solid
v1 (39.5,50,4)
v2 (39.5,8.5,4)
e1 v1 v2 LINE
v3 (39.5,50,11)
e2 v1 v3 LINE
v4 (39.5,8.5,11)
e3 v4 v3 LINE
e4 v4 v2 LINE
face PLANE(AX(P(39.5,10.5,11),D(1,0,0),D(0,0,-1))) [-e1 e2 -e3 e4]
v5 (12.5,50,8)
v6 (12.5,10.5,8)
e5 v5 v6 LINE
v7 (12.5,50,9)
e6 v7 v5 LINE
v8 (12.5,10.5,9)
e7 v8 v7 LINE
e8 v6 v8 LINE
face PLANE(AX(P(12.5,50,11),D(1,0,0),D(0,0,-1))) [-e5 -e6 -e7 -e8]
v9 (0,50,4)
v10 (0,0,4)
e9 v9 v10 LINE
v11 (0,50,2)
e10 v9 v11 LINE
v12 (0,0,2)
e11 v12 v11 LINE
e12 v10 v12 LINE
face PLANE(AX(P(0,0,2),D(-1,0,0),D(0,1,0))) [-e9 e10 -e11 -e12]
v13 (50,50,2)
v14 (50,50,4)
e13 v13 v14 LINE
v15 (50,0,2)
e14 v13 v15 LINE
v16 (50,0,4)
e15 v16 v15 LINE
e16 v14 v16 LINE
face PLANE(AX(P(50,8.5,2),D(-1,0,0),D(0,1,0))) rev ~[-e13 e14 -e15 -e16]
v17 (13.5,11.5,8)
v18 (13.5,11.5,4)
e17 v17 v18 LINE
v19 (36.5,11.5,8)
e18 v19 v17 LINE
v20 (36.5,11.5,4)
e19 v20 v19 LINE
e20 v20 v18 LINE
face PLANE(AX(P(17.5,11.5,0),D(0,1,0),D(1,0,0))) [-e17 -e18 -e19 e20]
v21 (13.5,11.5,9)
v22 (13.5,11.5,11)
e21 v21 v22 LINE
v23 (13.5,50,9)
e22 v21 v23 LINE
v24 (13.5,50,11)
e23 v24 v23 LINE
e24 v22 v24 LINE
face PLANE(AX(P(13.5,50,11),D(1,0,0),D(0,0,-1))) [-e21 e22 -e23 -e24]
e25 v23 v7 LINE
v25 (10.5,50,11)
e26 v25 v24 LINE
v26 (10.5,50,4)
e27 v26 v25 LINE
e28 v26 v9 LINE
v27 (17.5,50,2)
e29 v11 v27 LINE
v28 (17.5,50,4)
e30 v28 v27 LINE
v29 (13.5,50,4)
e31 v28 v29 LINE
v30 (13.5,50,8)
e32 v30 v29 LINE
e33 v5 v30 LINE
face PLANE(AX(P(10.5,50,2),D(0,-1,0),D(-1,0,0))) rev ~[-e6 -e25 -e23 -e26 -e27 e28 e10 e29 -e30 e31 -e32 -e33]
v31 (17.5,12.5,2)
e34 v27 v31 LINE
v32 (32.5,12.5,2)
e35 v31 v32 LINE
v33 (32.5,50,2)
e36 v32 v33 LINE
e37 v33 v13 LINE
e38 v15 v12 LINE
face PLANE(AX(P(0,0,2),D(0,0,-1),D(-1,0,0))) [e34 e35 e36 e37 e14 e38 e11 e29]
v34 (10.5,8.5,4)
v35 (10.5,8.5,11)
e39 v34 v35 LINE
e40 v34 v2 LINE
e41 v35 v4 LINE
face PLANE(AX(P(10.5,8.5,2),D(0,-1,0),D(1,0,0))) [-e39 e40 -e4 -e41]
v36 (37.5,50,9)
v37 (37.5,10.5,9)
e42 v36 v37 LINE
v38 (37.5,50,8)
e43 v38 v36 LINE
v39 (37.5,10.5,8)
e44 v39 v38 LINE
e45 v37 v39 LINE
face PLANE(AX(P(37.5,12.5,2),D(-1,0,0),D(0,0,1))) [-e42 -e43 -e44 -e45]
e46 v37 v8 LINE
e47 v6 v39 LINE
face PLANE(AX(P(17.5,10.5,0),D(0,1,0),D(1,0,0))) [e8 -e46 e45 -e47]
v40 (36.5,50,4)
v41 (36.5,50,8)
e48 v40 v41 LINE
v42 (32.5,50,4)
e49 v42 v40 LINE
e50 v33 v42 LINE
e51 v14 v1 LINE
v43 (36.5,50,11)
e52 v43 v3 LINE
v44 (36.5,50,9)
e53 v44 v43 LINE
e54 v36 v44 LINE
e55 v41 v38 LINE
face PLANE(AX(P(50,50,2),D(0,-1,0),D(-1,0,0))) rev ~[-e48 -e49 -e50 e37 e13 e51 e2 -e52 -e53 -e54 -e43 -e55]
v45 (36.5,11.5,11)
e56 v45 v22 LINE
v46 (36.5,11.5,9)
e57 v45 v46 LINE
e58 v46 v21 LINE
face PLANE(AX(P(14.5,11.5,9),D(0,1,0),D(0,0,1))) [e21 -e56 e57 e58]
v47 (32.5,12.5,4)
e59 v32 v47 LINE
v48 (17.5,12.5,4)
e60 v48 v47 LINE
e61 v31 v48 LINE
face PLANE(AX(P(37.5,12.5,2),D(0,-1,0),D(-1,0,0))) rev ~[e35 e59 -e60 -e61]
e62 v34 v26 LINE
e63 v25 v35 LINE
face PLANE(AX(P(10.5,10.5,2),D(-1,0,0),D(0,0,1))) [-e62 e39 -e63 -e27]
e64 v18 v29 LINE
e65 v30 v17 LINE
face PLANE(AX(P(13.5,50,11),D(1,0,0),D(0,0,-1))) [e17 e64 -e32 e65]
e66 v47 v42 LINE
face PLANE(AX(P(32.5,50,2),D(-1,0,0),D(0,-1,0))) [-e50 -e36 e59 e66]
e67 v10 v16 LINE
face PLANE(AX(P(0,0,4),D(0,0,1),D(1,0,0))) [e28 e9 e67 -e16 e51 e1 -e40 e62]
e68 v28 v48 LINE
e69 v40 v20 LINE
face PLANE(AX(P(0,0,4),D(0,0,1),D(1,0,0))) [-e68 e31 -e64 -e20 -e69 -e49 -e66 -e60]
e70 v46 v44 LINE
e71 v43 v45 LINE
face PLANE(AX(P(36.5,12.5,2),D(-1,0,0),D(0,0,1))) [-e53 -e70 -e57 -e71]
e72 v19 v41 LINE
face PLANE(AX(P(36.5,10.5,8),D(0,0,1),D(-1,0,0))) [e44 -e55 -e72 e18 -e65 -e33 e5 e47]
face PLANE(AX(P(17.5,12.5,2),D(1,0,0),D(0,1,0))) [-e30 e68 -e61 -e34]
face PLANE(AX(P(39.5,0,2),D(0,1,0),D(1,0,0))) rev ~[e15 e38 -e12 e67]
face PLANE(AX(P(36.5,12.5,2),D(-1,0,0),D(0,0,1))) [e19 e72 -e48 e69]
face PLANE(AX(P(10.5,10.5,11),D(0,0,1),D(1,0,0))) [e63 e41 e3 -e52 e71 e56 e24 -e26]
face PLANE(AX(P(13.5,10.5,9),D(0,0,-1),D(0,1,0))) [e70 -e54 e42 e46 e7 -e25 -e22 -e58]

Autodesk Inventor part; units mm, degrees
ref_plane "YZ Plane" through (0, 0, 0) normal (1, 0, 0) x (0, 1, 0)
ref_plane "XZ Plane" through (0, 0, 0) normal (0, 1, 0) x (-1, 0, 0)
ref_plane "XY Plane" through (0, 0, 0) normal (0, 0, 1) x (1, 0, 0)
sketch "Skizze4" plane through (0, 0, 0) normal (0, 0, 1) x (1, 0, 0)
  line L0 (0, 0) -> (50, 0)
  line L1 (50, 0) -> (50, 50)
  line L2 (50, 50) -> (0, 50)
  line L3 (0, 50) -> (0, 0)
  dimension "d5" = 50
  dimension "d6" = 50
extrude "Extrusion1" add sketch "Skizze4" along normal blind 2
sketch "Skizze5" plane through (0, 0, 2) normal (0, 0, 1) x (1, 0, 0)
  line L0 (50, 50) -> (0, 50) projected
  line L1 (17.5, 50) -> (32.5, 50)
  line L2 (32.5, 50) -> (32.5, 12.5)
  line L3 (32.5, 12.5) -> (17.5, 12.5)
  line L4 (17.5, 12.5) -> (17.5, 50)
  point P0 (0, 0)
  dimension "d10" = 15
  dimension "d11" = 37.5
extrude "Extrusion2" cut sketch "Skizze5" against normal blind 2
sketch "Skizze6" plane through (0, 0, 2) normal (0, 0, 1) x (1, 0, 0)
  line L0 (17.5, 50) -> (0, 50) projected
  line L1 (12.5, 50) -> (10.5, 50)
  line L2 (10.5, 50) -> (10.5, 10.5)
  line L3 (10.5, 10.5) -> (12.5, 10.5)
  line L4 (12.5, 12.5) -> (12.5, 50)
  line L5 (10.5, 10.5) -> (39.5, 10.5)
  line L6 (39.5, 10.5) -> (39.5, 12.5)
  line L7 (37.5, 12.5) -> (12.5, 12.5)
  line L8 (10.5, 12.5) -> (10.5, 10.5)
  line L9 (50, 50) -> (32.5, 50) projected
  line L10 (39.5, 10.5) -> (37.5, 10.5)
  line L11 (37.5, 12.5) -> (37.5, 50)
  line L12 (37.5, 50) -> (39.5, 50)
  line L13 (39.5, 50) -> (39.5, 10.5)
  point P0 (0, 0)
  dimension "d14" = 2
  dimension "d15" = 39.5
  dimension "d16" = 29
  dimension "d17" = 2
  dimension "d18" = 2
extrude "Extrusion3" add sketch "Skizze6" along normal blind 9
sketch "Skizze7" plane through (37.5, 12.5, 2) normal (-1, 0, 0) x (0, 0, 1)
  line L0 (0, -12.5) -> (0, 37.5) projected
  line L1 (9, 37.5) -> (0, 37.5)
  line L2 (0, 37.5) -> (0, 0)
  line L3 (0, 0) -> (9, 0)
  line L4 (9, 0) -> (9, 37.5)
  point P0 (-2, -12.5)
  dimension "d21" = 37.5
extrude "Extrusion4" add sketch "Skizze7" along normal blind 2
sketch "Skizze9" plane through (35.5, 12.5, 2) normal (-1, 0, 0) x (0, 0, 1)
  line L0 (9, 0) -> (0, 0) projected
  line L1 (7, 37.5) -> (6, 37.5)
  line L2 (6, 37.5) -> (6, 0)
  line L3 (6, 0) -> (7, 0)
  line L4 (7, 0) -> (7, 37.5)
  point P0 (-2, -12.5)
  dimension "d24" = 1
extrude "Extrusion5" cut sketch "Skizze9" against normal blind 1
sketch "Skizze10" plane through (17.5, 12.5, 0) normal (0, 1, 0) x (1, 0, 0)
  line L0 (18, -2) -> (-5, -2)
  line L1 (-5, -2) -> (-5, -11)
  line L2 (-5, -11) -> (18, -11)
  line L3 (18, -11) -> (18, -2)
  point P0 (-17.5, 0)
extrude "Extrusion6" add sketch "Skizze10" along normal blind 2
sketch "Skizze11" plane through (17.5, 14.5, 0) normal (0, 1, 0) x (1, 0, 0)
  line L0 (-5, -11) -> (-5, -2) projected
  line L1 (19, -9) -> (-5, -9)
  line L2 (-5, -9) -> (-5, -8)
  line L3 (-5, -8) -> (19, -8)
  line L4 (19, -8) -> (19, -9)
  point P0 (-17.5, 0)
extrude "Extrusion7" cut sketch "Skizze11" against normal blind 1
sketch "Skizze12" plane through (36.5, 12.5, 9) normal (0, 1, 0) x (1, 0, 0)
  line L0 (-1, 1) -> (0, 1)
  line L1 (0, 1) -> (0, 0)
  line L2 (0, 0) -> (-1, 0)
  line L3 (-1, 0) -> (-1, 1)
  point P0 (-36.5, 9)
extrude "Extrusion8" add sketch "Skizze12" along normal blind 1
sketch "Skizze13" plane through (12.5, 50, 11) normal (1, 0, 0) x (0, 0, -1)
  line L0 (9, -35.5) -> (9, -37.5) projected
  line L1 (0, 0) -> (9, 0)
  line L2 (9, 0) -> (9, -36.5)
  line L3 (9, -36.5) -> (0, -36.5)
  line L4 (0, -36.5) -> (0, 0)
  point P0 (11, -50)
extrude "Extrusion9" add sketch "Skizze13" along normal blind 2
sketch "Skizze14" plane through (14.5, 50, 11) normal (1, 0, 0) x (0, 0, -1)
  line L0 (9, 0) -> (0, 0) projected
  line L1 (2, 0) -> (3, 0)
  line L2 (3, 0) -> (3, -37.5)
  line L3 (3, -37.5) -> (2, -37.5)
  line L4 (2, -37.5) -> (2, 0)
  point P0 (11, -50)
  dimension "d35" = 1
  dimension "d36" = 37.5
extrude "Extrusion10" cut sketch "Skizze14" against normal blind 1
sketch "Skizze15" plane through (10.5, 10.5, 2) normal (0, -1, 0) x (1, 0, 0)
  line L0 (0, 9) -> (29, 9)
  line L1 (29, 9) -> (29, 0)
  line L2 (29, 0) -> (0, 0)
  line L3 (0, 0) -> (0, 9)
  point P0 (-10.5, -2)
extrude "Extrusion11" add sketch "Skizze15" along normal blind 2
sketch "Skizze16" plane through (17.5, 14.5, 0) normal (0, 1, 0) x (1, 0, 0)
  line L0 (-3, -2) -> (18, -2)
  line L1 (18, -2) -> (18, -8)
  line L2 (18, -8) -> (-3, -8)
  line L3 (-3, -8) -> (-3, -2)
  point P0 (-17.5, 0)
extrude "Extrusion12" cut sketch "Skizze16" against normal blind 4
sketch "Skizze17" plane through (17.5, 13.5, 0) normal (0, 1, 0) x (1, 0, 0)
  line L0 (-3, -8) -> (19, -8)
  line L1 (19, -8) -> (19, -9)
  line L2 (19, -9) -> (-3, -9)
  line L3 (-3, -9) -> (-3, -8)
  point P0 (-17.5, 0)
extrude "Extrusion13" cut sketch "Skizze17" against normal blind 2
sketch "Skizze18" plane through (14.5, 12.5, 9) normal (0, 1, 0) x (1, 0, 0)
  line L0 (0, 1) -> (-1, 1)
  line L1 (-1, 1) -> (-1, 0)
  line L2 (-1, 0) -> (0, 0)
  line L3 (0, 0) -> (0, 1)
  point P0 (-14.5, 9)
extrude "Extrusion14" cut sketch "Skizze18" against normal blind 2
sketch "Skizze19" plane through (17.5, 11.5, 0) normal (0, 1, 0) x (1, 0, 0)
  line L0 (-3, -8) -> (19, -8)
  line L1 (19, -8) -> (19, -9)
  line L2 (19, -9) -> (-3, -9)
  line L3 (-3, -9) -> (-3, -8)
  point P0 (-17.5, 0)
extrude "Extrusion15" cut sketch "Skizze19" against normal blind 1
sketch "Skizze20" plane through (36.5, 12.5, 2) normal (-1, 0, 0) x (0, 0, 1)
  line L0 (6, 37.5) -> (7, 37.5)
  line L1 (7, 37.5) -> (7, -2)
  line L2 (7, -2) -> (6, -2)
  line L3 (6, -2) -> (6, 37.5)
  point P0 (-2, -12.5)
  dimension "d49" = 39.5
extrude "Extrusion16" cut sketch "Skizze20" against normal blind 1
sketch "Skizze21" plane through (35.5, 12.5, 2) normal (-1, 0, 0) x (0, 0, 1)
  line L0 (6, 37.5) -> (6, -2) projected
  line L1 (0, 37.5) -> (6, 37.5)
  line L2 (6, 37.5) -> (6, -1)
  line L3 (6, -1) -> (0, -1)
  line L4 (0, -1) -> (0, 37.5)
  point P0 (-2, -12.5)
  dimension "d52" = 38.5
extrude "Extrusion17" cut sketch "Skizze21" against normal blind 1
sketch "Skizze22" plane through (35.5, 12.5, 2) normal (-1, 0, 0) x (0, 0, 1)
  line L0 (7, 37.5) -> (9, 37.5)
  line L1 (9, 37.5) -> (9, -1)
  line L2 (9, -1) -> (7, -1)
  line L3 (7, -1) -> (7, 37.5)
  point P0 (-2, -12.5)
  dimension "d55" = 38.5
extrude "Extrusion18" cut sketch "Skizze22" against normal blind 1
sketch "Skizze23" plane through (13.5, 50, 11) normal (1, 0, 0) x (0, 0, -1)
  line L0 (2, 0) -> (3, 0)
  line L1 (3, 0) -> (3, -39.5)
  line L2 (3, -39.5) -> (2, -39.5)
  line L3 (2, -39.5) -> (2, 0)
  point P0 (11, -50)
  dimension "d58" = 39.5
extrude "Extrusion19" cut sketch "Skizze23" against normal blind 1
sketch "Skizze24" plane through (14.5, 50, 11) normal (1, 0, 0) x (0, 0, -1)
  line L0 (9, -41.5) -> (9, 0) projected
  line L1 (3, 0) -> (9, 0)
  line L2 (9, 0) -> (9, -38.5)
  line L3 (9, -38.5) -> (3, -38.5)
  line L4 (3, -38.5) -> (3, 0)
  point P0 (11, -50)
  dimension "d62" = 38.5
extrude "Extrusion20" cut sketch "Skizze24" against normal blind 1
sketch "Skizze25" plane through (14.5, 50, 11) normal (1, 0, 0) x (0, 0, -1)
  line L0 (2, -39.5) -> (2, 0) projected
  line L1 (0, 0) -> (2, 0)
  line L2 (2, 0) -> (2, -38.5)
  line L3 (2, -38.5) -> (0, -38.5)
  line L4 (0, -38.5) -> (0, 0)
  point P0 (11, -50)
  dimension "d65" = 38.5
extrude "Extrusion21" cut sketch "Skizze25" against normal blind 1
sketch "Skizze26" plane through (17.5, 14.5, 0) normal (0, 1, 0) x (1, 0, 0)
  line L0 (-3, -11) -> (18, -11)
  line L1 (18, -11) -> (18, -9)
  line L2 (18, -9) -> (-3, -9)
  line L3 (-3, -9) -> (-3, -11)
  point P0 (-17.5, 0)
extrude "Extrusion22" cut sketch "Skizze26" against normal blind 3
sketch "Skizze27" plane through (14.5, 11.5, 8) normal (0, 1, 0) x (1, 0, 0)
  line L0 (0, 0) -> (-1, 0)
  line L1 (-1, 0) -> (-1, 6)
  line L2 (-1, 6) -> (0, 6)
  line L3 (0, 6) -> (0, 0)
  point P0 (-14.5, 8)
extrude "Extrusion23" cut sketch "Skizze27" against normal blind 1
sketch "Skizze28" plane through (35.5, 11.5, 8) normal (0, 1, 0) x (1, 0, 0)
  line L0 (1, 6) -> (0, 6)
  line L1 (0, 6) -> (0, 0)
  line L2 (0, 0) -> (1, 0)
  line L3 (1, 0) -> (1, 6)
  point P0 (-35.5, 8)
extrude "Extrusion24" cut sketch "Skizze28" against normal blind 1
sketch "Skizze29" plane through (17.5, 10.5, 0) normal (0, 1, 0) x (1, 0, 0)
  point P0 (-17.5, 0)
sketch "Skizze30" plane through (17.5, 10.5, 0) normal (0, 1, 0) x (1, 0, 0)
  line L0 (19, -8) -> (-4, -8)
  line L1 (-4, -8) -> (-4, -2)
  line L2 (-4, -2) -> (19, -2)
  line L3 (19, -2) -> (19, -8)
  point P0 (-17.5, 0)
extrude "Extrusion25" add sketch "Skizze30" along normal blind 1
sketch "Skizze31" plane through (0, 0, 0) normal (0, 0, -1) x (-1, 0, 0)
  line L0 (0, 50) -> (-17.5, 50)
  line L1 (-17.5, 50) -> (-17.5, 12.5)
  line L2 (0, 12.5) -> (0, 50)
  line L3 (-17.5, 12.5) -> (-32.5, 12.5)
  line L4 (-50, 12.5) -> (-50, 0)
  line L5 (-50, 0) -> (0, 0)
  line L6 (0, 0) -> (0, 12.5)
  line L7 (-32.5, 12.5) -> (-32.5, 50)
  line L8 (-32.5, 50) -> (-50, 50)
  line L9 (-50, 50) -> (-50, 12.5)
extrude "Extrusion26" cut sketch "Skizze31" against normal blind 1
sketch "Skizze32" plane through (0, 0, 2) normal (0, 0, 1) x (1, 0, 0)
  line L0 (50, 50) -> (39.5, 50)
  line L1 (39.5, 50) -> (39.5, 8.5)
  line L2 (39.5, 0) -> (50, 0)
  line L3 (50, 0) -> (50, 50)
  line L4 (50, 0) -> (0, 0)
  line L5 (0, 0) -> (0, 8.5)
  line L6 (10.5, 8.5) -> (39.5, 8.5)
  line L7 (50, 8.5) -> (50, 0)
  line L8 (10.5, 8.5) -> (10.5, 50)
  line L9 (10.5, 50) -> (0, 50)
  line L10 (0, 50) -> (0, 8.5)
extrude "Extrusion27" add sketch "Skizze32" along normal blind 2
sketch "Skizze33" plane through (0, 0, 2) normal (0, 0, 1) x (1, 0, 0)
  line L0 (17.5, 50) -> (17.5, 12.5)
  line L1 (17.5, 12.5) -> (32.5, 12.5)
  line L2 (32.5, 12.5) -> (32.5, 50)
  line L3 (32.5, 50) -> (32.5, 12.5) projected
  line L4 (32.5, 50) -> (36.5, 50)
  line L5 (36.5, 50) -> (36.5, 11.5)
  line L6 (36.5, 11.5) -> (36.5, 50) projected
  line L7 (36.5, 11.5) -> (13.5, 11.5)
  line L8 (13.5, 11.5) -> (13.5, 50)
  line L9 (17.5, 50) -> (13.5, 50) projected
  line L10 (13.5, 50) -> (17.5, 50)
  point P0 (0, 0)
extrude "Extrusion28" add sketch "Skizze33" along normal blind 2 and the other way blind 1
sketch "Skizze34" plane through (0, 0, 1) normal (0, 0, -1) x (-1, 0, 0)
  line L0 (-32.5, 50) -> (-50, 50)
  line L1 (-50, 50) -> (-50, 0)
  line L2 (-50, 0) -> (0, 0)
  line L3 (0, 0) -> (0, 50)
  line L4 (0, 50) -> (-17.5, 50)
  line L5 (-17.5, 50) -> (-17.5, 12.5)
  line L6 (-17.5, 12.5) -> (-32.5, 12.5)
  line L7 (-32.5, 12.5) -> (-32.5, 50)
extrude "Extrusion29" cut sketch "Skizze34" against normal blind 1
properties part number "Halterung Merkruphy"
